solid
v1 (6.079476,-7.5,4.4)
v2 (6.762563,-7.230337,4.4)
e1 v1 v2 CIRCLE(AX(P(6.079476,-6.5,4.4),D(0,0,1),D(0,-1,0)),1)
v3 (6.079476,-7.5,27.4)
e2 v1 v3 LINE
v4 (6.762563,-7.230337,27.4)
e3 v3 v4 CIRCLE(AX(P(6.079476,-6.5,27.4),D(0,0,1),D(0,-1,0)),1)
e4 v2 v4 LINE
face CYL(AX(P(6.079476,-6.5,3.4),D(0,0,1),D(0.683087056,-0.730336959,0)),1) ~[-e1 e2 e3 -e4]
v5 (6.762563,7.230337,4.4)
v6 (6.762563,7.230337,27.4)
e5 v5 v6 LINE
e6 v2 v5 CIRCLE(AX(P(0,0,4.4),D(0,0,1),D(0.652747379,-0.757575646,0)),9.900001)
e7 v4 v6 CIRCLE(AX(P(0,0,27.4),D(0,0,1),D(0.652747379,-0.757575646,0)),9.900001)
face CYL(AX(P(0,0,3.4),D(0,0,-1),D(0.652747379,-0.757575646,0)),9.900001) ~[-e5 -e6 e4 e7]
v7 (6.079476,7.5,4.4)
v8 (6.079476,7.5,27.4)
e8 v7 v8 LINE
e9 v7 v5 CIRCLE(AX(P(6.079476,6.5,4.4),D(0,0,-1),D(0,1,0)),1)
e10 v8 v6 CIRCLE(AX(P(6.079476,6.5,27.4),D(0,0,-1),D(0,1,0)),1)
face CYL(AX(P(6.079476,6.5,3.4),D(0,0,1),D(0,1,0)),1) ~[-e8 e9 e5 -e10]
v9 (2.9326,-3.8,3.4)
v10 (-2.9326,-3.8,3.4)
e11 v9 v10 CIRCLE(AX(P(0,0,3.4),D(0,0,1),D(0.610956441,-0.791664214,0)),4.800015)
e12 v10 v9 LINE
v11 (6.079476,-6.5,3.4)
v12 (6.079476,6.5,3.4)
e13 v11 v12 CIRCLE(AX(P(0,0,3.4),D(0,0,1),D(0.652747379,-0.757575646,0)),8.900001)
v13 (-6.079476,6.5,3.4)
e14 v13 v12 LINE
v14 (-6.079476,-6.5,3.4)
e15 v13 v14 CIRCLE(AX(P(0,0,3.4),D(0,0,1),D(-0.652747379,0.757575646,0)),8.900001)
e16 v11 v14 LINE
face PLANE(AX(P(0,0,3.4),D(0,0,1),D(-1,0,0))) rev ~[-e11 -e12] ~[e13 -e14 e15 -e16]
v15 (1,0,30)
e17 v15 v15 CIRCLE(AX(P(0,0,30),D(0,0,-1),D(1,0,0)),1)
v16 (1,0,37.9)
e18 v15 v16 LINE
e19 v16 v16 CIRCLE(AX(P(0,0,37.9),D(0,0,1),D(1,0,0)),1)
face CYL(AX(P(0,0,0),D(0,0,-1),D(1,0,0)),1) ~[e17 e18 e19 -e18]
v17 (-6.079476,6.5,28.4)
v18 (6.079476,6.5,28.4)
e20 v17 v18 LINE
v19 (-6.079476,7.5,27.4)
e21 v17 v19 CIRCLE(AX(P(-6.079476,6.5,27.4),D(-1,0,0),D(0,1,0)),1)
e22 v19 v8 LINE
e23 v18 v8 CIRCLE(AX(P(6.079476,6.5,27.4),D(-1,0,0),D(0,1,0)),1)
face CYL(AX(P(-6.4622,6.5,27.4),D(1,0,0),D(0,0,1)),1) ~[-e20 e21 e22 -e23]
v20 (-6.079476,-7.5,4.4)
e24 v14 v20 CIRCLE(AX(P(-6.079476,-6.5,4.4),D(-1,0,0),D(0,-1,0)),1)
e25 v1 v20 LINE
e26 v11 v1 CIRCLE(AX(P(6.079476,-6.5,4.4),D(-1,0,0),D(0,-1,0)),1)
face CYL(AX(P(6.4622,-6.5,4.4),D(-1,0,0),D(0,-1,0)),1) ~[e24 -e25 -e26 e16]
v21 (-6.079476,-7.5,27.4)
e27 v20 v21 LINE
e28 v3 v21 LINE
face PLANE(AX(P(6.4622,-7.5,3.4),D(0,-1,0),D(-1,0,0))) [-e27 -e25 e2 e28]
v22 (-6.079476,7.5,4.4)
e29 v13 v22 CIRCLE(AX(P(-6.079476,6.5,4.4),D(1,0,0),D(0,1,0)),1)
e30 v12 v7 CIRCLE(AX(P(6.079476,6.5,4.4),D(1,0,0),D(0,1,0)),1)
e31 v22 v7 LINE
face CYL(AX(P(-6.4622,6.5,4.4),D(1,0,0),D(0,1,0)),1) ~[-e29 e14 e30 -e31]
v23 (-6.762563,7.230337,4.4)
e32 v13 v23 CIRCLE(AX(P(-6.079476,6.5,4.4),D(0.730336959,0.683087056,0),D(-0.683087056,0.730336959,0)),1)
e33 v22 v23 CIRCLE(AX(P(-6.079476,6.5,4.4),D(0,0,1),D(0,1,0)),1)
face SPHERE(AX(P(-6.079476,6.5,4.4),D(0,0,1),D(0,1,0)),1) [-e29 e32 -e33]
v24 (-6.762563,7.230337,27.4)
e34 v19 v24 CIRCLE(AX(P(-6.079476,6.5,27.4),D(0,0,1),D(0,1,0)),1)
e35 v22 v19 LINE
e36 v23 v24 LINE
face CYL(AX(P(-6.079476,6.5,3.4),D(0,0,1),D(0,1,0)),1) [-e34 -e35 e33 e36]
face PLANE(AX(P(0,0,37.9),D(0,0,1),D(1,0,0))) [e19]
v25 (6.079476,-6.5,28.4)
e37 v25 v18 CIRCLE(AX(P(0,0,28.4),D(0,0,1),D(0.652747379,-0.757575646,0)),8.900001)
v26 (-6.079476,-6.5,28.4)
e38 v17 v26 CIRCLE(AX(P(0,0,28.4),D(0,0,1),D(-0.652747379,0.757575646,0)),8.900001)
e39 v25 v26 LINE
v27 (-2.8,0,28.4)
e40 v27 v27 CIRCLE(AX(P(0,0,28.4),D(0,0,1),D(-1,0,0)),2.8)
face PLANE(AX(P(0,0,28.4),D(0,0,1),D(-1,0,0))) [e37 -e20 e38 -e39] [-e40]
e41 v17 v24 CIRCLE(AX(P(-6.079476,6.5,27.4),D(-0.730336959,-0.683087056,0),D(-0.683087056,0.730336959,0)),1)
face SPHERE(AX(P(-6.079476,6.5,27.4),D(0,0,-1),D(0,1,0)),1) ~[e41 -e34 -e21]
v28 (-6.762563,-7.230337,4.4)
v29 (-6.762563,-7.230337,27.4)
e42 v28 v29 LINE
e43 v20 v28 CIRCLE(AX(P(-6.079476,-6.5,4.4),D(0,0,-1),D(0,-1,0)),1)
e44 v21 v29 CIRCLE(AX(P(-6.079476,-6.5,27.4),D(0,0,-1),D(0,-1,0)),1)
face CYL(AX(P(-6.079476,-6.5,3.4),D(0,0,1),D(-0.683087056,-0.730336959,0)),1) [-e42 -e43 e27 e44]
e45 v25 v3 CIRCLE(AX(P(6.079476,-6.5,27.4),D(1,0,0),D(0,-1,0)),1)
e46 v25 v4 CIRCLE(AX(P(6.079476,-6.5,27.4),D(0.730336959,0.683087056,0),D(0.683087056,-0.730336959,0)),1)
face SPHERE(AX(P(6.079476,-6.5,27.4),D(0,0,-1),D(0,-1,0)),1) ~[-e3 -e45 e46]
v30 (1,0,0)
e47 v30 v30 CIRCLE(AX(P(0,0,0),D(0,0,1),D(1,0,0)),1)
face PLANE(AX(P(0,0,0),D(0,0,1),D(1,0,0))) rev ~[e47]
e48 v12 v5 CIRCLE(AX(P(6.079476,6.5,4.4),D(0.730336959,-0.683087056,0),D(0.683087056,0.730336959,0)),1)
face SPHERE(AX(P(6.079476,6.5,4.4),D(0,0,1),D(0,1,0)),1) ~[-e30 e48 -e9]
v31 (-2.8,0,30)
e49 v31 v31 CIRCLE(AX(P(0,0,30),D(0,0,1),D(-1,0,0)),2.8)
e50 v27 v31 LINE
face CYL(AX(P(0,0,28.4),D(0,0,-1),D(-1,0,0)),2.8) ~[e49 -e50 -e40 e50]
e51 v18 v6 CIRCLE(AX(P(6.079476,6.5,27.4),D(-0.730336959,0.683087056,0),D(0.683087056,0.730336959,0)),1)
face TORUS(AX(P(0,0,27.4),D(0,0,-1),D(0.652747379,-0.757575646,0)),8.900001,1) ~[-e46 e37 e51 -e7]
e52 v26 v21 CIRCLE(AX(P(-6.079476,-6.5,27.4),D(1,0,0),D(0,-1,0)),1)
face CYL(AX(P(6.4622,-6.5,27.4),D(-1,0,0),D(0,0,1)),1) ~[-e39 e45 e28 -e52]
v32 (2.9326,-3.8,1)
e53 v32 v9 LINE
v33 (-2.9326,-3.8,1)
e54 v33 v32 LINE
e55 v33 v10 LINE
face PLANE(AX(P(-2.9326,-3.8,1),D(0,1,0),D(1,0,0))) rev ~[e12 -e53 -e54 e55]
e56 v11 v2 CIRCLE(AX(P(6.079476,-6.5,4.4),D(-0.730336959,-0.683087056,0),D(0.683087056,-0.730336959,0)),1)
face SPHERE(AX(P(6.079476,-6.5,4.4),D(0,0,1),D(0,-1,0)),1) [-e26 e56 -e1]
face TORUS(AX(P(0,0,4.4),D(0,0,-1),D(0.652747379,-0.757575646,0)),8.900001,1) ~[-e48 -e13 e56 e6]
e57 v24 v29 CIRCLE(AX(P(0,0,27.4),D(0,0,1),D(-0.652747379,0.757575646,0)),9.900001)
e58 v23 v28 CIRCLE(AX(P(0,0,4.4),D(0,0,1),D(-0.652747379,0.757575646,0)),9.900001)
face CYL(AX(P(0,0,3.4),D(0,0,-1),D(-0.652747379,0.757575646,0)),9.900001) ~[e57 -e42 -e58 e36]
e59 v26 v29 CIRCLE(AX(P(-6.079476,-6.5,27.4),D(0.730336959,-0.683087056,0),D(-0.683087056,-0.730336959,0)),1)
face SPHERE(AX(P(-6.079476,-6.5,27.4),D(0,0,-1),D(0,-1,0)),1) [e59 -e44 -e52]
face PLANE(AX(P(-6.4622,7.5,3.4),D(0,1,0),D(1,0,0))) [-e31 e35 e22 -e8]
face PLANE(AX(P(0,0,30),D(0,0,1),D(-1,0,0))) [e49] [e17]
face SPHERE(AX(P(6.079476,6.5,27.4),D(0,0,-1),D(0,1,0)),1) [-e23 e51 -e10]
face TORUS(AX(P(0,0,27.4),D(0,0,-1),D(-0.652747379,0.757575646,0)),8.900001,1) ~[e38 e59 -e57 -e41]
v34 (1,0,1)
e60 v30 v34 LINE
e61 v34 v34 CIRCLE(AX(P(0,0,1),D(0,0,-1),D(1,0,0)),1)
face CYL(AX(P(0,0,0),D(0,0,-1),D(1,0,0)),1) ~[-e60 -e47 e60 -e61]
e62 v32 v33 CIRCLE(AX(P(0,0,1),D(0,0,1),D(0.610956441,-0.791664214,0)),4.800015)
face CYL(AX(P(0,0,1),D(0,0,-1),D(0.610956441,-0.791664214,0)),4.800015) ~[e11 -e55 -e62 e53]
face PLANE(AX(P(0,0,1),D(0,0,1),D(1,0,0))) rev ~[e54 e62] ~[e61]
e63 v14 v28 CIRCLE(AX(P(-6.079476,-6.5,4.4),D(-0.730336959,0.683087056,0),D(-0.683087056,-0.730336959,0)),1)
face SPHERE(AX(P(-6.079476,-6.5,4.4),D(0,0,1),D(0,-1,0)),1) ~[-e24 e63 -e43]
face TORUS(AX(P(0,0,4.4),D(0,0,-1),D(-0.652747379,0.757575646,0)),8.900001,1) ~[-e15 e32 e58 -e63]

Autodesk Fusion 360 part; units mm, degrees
sketch "Schizzo1" plane through (0, 0, 0) normal (0, 0, 1) x (1, 0, 0)
  circle A0 centre (0, 0) radius 1
  dimension "d1" = 2
extrude "Estrudi1" add sketch "Schizzo1" along normal blind 37.9
sketch "Schizzo2" plane through (0, 0, 0) normal (0, 1, 0) x (1, 0, 0)
sketch "Schizzo3" plane through (0, 0, 0) normal (0, 0, 1) x (1, 0, 0)
  line L0 (-2.9326, -3.8) -> (2.9326, -3.8)
  arc A0 (2.9326, -3.8) -> (-2.9326, -3.8) centre (0, 0) ccw
  point P0 (0, 4.8)
  dimension "d4" = 9.6
  dimension "d6" = 3.8
  dimension "d7" = 8.6
extrude "Estrudi2" add sketch "Schizzo3" along normal blind 2.4 from surface at 1
sketch "Schizzo4" plane through (0, 0, 3.4) normal (0, 0, 1) x (-1, 0, 0)
  arc A0 (-2.9326, 3.8) -> (2.9326, 3.8) centre (0, 0) ccw
  line L0 (2.9326, 3.8) -> (-2.9326, 3.8)
  circle A1 centre (0, 0) radius 1
  line L1 (6.4622, -7.5) -> (-6.4622, -7.5)
  line L2 (-6.4622, 7.5) -> (6.4622, 7.5)
  arc A2 (-6.4622, 7.5) -> (-6.4622, -7.5) centre (0, 0) ccw
  arc A3 (6.4622, -7.5) -> (6.4622, 7.5) centre (0, 0) ccw
  dimension "d11" = 19.8
  dimension "d12" = 7.5
  dimension "d21" = 15
extrude "Estrudi3" add sketch "Schizzo4" along normal blind 25 contours A0 L0 | L1 L2 A2 A3
sketch "Schizzo5" plane through (0, 0, 28.4) normal (0, 0, 1) x (-1, 0, 0)
  circle A0 centre (0, 0) radius 1
  arc A1 (-6.4622, 7.5) -> (-6.4622, -7.5) centre (0, 0) ccw
  line L0 (-6.4622, -7.5) -> (6.4622, -7.5)
  arc A2 (6.4622, -7.5) -> (6.4622, 7.5) centre (0, 0) ccw
  line L1 (6.4622, 7.5) -> (-6.4622, 7.5)
  circle A3 centre (0, 0) radius 2.8
  dimension "d16" = 5.6
extrude "Estrudi4" add sketch "Schizzo5" along normal blind 1.6 contours A3
fillet "Raccordo1" radius 1 4 faces at (-2.1541, 7.5, 11.7333) (2.1541, -7.5, 11.7333) (7.7686, 6.1367, 20.0667) (-7.7686, -6.1367, 20.0667)
equation "d9 = 3.4 mm - 1 mm"
equation "d12 = ( 15 / 2 ) * 1 mm"
